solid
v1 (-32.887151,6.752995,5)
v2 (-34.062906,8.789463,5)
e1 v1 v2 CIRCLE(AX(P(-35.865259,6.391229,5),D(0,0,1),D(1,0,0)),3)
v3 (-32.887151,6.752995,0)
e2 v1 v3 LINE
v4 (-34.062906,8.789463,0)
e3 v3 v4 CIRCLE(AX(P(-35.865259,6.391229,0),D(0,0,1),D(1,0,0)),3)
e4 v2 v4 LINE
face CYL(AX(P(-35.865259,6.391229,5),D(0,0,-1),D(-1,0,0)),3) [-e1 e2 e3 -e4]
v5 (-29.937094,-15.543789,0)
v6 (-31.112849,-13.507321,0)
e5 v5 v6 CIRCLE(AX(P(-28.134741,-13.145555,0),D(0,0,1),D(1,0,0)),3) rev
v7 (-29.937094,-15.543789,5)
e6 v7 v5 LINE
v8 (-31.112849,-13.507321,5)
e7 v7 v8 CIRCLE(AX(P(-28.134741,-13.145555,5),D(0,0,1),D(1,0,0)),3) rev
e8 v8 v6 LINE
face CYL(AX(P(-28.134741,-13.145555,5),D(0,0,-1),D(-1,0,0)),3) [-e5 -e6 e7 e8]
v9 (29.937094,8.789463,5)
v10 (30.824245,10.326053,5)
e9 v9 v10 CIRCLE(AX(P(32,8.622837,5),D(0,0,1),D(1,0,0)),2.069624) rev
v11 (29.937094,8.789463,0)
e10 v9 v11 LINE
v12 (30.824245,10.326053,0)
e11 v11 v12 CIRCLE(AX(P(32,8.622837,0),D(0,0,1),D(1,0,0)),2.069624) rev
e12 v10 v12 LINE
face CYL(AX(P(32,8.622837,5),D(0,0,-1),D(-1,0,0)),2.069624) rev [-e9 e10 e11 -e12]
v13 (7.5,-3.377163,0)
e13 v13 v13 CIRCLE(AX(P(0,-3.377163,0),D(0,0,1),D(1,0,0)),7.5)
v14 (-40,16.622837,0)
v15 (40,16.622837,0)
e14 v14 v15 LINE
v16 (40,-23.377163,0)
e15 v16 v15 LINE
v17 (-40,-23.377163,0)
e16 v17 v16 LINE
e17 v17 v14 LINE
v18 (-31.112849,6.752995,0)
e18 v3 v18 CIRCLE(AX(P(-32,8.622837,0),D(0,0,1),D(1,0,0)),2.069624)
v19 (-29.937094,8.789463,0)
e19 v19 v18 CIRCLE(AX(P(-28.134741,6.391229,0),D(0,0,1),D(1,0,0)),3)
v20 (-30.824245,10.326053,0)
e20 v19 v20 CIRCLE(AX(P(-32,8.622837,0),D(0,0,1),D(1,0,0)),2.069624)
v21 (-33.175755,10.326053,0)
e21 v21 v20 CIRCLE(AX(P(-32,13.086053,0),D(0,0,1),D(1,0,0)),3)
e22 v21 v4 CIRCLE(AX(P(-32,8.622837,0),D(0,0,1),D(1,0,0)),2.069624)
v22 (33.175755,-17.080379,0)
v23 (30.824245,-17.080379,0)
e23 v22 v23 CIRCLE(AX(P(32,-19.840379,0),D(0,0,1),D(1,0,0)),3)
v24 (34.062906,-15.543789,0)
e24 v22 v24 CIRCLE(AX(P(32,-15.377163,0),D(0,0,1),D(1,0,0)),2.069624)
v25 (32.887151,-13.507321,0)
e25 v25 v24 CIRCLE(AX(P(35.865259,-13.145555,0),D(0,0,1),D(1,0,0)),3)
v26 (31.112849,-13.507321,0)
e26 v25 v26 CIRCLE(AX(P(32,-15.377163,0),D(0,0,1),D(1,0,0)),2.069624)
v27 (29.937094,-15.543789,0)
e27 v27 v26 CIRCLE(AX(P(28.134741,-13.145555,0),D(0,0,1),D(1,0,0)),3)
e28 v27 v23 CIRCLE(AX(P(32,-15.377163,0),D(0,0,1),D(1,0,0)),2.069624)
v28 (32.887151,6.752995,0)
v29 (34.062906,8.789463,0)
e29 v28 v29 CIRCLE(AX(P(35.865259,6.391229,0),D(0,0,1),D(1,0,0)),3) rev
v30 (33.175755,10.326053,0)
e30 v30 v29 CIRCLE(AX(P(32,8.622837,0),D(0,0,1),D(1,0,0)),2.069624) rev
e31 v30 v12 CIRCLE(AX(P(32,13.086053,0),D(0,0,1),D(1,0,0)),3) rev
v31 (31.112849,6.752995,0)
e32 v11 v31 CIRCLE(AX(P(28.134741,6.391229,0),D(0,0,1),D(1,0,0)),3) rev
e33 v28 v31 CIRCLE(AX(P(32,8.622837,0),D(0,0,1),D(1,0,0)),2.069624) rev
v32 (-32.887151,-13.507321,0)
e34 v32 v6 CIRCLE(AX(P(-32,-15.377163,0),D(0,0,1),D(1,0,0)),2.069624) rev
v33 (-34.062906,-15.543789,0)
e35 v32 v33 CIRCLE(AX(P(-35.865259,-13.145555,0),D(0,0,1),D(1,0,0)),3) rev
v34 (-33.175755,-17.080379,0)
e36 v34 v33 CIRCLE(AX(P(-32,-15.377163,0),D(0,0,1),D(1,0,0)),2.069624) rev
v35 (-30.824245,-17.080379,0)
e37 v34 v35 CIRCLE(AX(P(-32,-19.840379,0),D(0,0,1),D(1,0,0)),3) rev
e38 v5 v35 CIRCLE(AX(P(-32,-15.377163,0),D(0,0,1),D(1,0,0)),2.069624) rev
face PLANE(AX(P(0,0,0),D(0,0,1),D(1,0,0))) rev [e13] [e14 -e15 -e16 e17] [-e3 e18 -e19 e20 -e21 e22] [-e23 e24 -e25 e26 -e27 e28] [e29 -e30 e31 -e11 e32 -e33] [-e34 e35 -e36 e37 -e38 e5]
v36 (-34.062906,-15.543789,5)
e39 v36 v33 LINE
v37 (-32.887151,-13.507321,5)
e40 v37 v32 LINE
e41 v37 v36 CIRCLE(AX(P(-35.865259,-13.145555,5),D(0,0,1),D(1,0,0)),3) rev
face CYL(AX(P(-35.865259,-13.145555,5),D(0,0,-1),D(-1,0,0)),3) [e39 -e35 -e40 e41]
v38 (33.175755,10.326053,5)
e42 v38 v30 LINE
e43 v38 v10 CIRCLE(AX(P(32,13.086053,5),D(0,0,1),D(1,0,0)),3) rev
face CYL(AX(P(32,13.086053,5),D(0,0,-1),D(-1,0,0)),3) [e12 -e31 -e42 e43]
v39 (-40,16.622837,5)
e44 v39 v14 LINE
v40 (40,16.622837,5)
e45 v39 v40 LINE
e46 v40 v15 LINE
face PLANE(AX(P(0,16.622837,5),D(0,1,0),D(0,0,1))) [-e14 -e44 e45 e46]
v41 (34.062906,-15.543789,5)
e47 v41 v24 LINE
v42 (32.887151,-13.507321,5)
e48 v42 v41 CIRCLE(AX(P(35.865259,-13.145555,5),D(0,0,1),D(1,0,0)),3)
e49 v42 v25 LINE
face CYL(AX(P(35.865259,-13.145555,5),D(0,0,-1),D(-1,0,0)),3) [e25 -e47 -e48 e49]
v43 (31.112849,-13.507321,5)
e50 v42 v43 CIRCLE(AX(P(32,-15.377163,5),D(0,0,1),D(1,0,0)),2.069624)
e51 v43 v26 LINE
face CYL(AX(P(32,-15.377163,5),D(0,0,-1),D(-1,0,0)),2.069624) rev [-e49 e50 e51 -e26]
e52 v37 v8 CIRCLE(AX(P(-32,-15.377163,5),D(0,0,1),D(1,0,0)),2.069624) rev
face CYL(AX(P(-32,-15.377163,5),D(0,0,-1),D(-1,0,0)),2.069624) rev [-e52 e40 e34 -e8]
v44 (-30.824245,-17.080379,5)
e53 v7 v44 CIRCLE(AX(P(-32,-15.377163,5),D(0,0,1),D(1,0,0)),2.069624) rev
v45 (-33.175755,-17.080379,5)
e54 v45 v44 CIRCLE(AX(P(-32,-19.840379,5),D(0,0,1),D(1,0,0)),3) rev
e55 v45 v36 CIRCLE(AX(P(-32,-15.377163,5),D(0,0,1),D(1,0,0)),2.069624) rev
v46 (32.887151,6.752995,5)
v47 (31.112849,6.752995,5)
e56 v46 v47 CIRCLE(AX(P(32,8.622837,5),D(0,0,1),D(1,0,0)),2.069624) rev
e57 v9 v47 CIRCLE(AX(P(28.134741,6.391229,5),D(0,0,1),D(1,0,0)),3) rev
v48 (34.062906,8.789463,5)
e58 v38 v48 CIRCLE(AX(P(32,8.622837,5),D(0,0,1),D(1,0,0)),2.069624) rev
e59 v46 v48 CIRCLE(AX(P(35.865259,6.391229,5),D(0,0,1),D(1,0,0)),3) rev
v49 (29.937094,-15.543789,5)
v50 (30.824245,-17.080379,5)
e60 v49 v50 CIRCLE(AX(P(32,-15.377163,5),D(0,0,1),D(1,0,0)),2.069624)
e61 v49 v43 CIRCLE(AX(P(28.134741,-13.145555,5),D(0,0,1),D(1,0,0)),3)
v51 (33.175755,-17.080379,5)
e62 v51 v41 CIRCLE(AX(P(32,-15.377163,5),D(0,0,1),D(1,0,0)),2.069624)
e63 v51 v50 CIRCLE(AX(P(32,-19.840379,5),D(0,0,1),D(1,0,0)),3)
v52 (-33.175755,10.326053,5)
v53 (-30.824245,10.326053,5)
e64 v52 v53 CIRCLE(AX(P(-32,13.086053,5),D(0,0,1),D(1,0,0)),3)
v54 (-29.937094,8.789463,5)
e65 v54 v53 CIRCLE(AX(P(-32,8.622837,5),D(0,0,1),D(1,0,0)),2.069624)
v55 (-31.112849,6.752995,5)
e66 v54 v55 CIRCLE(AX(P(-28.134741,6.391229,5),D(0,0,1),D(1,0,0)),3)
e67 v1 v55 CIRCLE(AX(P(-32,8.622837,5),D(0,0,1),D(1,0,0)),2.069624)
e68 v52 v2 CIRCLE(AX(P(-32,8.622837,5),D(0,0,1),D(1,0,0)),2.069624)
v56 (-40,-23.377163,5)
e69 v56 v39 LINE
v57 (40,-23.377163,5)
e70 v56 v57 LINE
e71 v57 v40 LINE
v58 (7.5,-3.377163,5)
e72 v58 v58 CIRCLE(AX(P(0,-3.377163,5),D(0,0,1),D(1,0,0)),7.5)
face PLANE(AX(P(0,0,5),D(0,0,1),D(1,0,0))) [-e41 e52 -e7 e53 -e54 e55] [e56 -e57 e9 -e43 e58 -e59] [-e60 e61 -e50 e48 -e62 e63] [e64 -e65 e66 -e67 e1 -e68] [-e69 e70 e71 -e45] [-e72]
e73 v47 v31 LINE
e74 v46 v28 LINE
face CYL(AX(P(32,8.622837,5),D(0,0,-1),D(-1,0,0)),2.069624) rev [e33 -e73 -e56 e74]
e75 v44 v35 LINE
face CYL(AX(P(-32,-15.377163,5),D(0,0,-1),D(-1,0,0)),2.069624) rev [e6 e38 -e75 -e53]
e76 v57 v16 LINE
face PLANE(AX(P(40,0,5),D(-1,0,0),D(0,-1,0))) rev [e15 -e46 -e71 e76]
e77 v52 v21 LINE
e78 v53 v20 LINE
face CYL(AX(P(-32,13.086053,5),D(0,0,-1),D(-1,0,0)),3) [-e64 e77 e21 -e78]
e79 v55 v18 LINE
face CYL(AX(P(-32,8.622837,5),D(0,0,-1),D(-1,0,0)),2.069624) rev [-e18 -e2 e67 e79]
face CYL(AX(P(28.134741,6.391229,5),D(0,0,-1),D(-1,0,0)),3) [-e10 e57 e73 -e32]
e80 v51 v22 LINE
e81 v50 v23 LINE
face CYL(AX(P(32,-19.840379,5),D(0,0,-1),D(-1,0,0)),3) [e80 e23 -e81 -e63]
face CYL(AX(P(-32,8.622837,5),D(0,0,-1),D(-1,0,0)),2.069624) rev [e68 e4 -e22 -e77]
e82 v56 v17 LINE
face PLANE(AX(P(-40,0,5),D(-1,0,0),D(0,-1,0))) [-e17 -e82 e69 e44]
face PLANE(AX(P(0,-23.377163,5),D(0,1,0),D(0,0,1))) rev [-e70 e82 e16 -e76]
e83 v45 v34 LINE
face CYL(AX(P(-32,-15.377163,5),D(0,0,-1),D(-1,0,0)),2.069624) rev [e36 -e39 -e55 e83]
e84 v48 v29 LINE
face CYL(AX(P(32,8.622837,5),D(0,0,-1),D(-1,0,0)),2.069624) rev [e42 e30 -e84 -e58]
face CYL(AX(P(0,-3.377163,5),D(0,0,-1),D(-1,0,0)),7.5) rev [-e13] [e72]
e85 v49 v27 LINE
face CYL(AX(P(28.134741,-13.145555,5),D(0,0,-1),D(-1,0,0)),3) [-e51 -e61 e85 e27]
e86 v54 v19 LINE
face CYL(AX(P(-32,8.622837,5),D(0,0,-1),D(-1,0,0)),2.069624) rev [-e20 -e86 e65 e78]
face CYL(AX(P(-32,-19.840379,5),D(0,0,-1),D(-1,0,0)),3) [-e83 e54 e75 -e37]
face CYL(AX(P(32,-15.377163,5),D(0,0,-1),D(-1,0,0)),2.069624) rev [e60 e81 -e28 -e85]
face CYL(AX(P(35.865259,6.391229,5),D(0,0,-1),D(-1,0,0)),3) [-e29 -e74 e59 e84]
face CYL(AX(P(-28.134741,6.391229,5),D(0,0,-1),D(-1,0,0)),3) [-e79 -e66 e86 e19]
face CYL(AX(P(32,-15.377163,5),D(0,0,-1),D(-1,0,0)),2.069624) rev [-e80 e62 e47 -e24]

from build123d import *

# Parameters (mm, degrees)
ESQUISSE1_W        = 80
ESQUISSE1_H        = 40
ESQUISSE1_R        = 7.5
ESQUISSE1_R_2      = 2.069624396
BOSS_EXTRU_1_DEPTH = 5


with BuildPart() as part:
    # Esquisse1 → Boss.-Extru.1 (new body)
    # profile 1 of 13: a face of its own
    with BuildSketch(Plane.XY):
        with Locations((0, -3.377163011)):
            Rectangle(ESQUISSE1_W, ESQUISSE1_H)
        with Locations((0, -3.377163011)):
            Circle(ESQUISSE1_R, mode=Mode.SUBTRACT)
        with Locations((32, -15.377163011)):
            Circle(ESQUISSE1_R_2, mode=Mode.SUBTRACT)
        with Locations((-32, 8.622836989)):
            Circle(ESQUISSE1_R_2, mode=Mode.SUBTRACT)
        with Locations((32, 8.622836989)):
            Circle(ESQUISSE1_R_2, mode=Mode.SUBTRACT)
        with Locations((-32, -15.377163011)):
            Circle(ESQUISSE1_R_2, mode=Mode.SUBTRACT)
    # profile 2 of 13: a face of its own
    with BuildSketch(Plane.XY):
        with BuildLine():
            ThreePointArc((-34.062905963, 8.789462695), (-33.792347303, 7.588024791), (-32.887150887, 6.752995165))
            ThreePointArc((-32.887150887, 6.752995165), (-33.267182328, 7.89122893), (-34.062905963, 8.789462695))
        make_face()
    # profile 3 of 13: a face of its own
    with BuildSketch(Plane.XY):
        with BuildLine():
            ThreePointArc((-33.175755077, 10.326053105), (-32, 10.086053105), (-30.824244923, 10.326053105))
            ThreePointArc((-30.824244923, 10.326053105), (-32, 10.692461384), (-33.175755077, 10.326053105))
        make_face()
    # profile 4 of 13: a face of its own
    with BuildSketch(Plane.XY):
        with BuildLine():
            ThreePointArc((-31.112849113, 6.752995165), (-30.250798145, 7.516655263), (-29.930375604, 8.622836989))
            ThreePointArc((-29.930375604, 8.622836989), (-29.932055895, 8.706217537), (-29.937094037, 8.789462695))
            ThreePointArc((-29.937094037, 8.789462695), (-30.732817672, 7.89122893), (-31.112849113, 6.752995165))
        make_face()
    # profile 5 of 13: a face of its own
    with BuildSketch(Plane.XY):
        with BuildLine():
            ThreePointArc((-29.930375604, -15.377163011), (-30.250798145, -14.270981286), (-31.112849113, -13.507321188))
            ThreePointArc((-31.112849113, -13.507321188), (-30.732817672, -14.645554953), (-29.937094037, -15.543788718))
            ThreePointArc((-29.937094037, -15.543788718), (-29.932055895, -15.46054356), (-29.930375604, -15.377163011))
        make_face()
    # profile 6 of 13: a face of its own
    with BuildSketch(Plane.XY):
        with BuildLine():
            ThreePointArc((-34.062905963, -15.543788718), (-33.267182328, -14.645554953), (-32.887150887, -13.507321188))
            ThreePointArc((-32.887150887, -13.507321188), (-33.792347303, -14.342350814), (-34.062905963, -15.543788718))
        make_face()
    # profile 7 of 13: a face of its own
    with BuildSketch(Plane.XY):
        with BuildLine():
            ThreePointArc((-30.824244923, -17.080379128), (-32, -16.840379128), (-33.175755077, -17.080379128))
            ThreePointArc((-33.175755077, -17.080379128), (-32, -17.446787407), (-30.824244923, -17.080379128))
        make_face()
    # profile 8 of 13: a face of its own
    with BuildSketch(Plane.XY):
        with BuildLine():
            ThreePointArc((30.824244923, 10.326053105), (32, 10.086053105), (33.175755077, 10.326053105))
            ThreePointArc((33.175755077, 10.326053105), (32, 10.692461384), (30.824244923, 10.326053105))
        make_face()
    # profile 9 of 13: a face of its own
    with BuildSketch(Plane.XY):
        with BuildLine():
            ThreePointArc((29.937094037, 8.789462695), (30.207652697, 7.588024791), (31.112849113, 6.752995165))
            ThreePointArc((31.112849113, 6.752995165), (30.732817672, 7.89122893), (29.937094037, 8.789462695))
        make_face()
    # profile 10 of 13: a face of its own
    with BuildSketch(Plane.XY):
        with BuildLine():
            ThreePointArc((34.062905963, 8.789462695), (33.267182328, 7.89122893), (32.887150887, 6.752995165))
            ThreePointArc((32.887150887, 6.752995165), (33.749201855, 7.516655263), (34.069624396, 8.622836989))
            ThreePointArc((34.069624396, 8.622836989), (34.067944105, 8.706217537), (34.062905963, 8.789462695))
        make_face()
    # profile 11 of 13: a face of its own
    with BuildSketch(Plane.XY):
        with BuildLine():
            ThreePointArc((34.062905963, -15.543788718), (34.067944105, -15.46054356), (34.069624396, -15.377163011))
            ThreePointArc((34.069624396, -15.377163011), (33.749201855, -14.270981286), (32.887150887, -13.507321188))
            ThreePointArc((32.887150887, -13.507321188), (33.267182328, -14.645554953), (34.062905963, -15.543788718))
        make_face()
    # profile 12 of 13: a face of its own
    with BuildSketch(Plane.XY):
        with BuildLine():
            ThreePointArc((29.937094037, -15.543788718), (30.732817672, -14.645554953), (31.112849113, -13.507321188))
            ThreePointArc((31.112849113, -13.507321188), (30.207652697, -14.342350814), (29.937094037, -15.543788718))
        make_face()
    # profile 13 of 13: a face of its own
    with BuildSketch(Plane.XY):
        with BuildLine():
            ThreePointArc((30.824244923, -17.080379128), (32, -17.446787407), (33.175755077, -17.080379128))
            ThreePointArc((33.175755077, -17.080379128), (32, -16.840379128), (30.824244923, -17.080379128))
        make_face()
    extrude(amount=BOSS_EXTRU_1_DEPTH)


solid = part.part
